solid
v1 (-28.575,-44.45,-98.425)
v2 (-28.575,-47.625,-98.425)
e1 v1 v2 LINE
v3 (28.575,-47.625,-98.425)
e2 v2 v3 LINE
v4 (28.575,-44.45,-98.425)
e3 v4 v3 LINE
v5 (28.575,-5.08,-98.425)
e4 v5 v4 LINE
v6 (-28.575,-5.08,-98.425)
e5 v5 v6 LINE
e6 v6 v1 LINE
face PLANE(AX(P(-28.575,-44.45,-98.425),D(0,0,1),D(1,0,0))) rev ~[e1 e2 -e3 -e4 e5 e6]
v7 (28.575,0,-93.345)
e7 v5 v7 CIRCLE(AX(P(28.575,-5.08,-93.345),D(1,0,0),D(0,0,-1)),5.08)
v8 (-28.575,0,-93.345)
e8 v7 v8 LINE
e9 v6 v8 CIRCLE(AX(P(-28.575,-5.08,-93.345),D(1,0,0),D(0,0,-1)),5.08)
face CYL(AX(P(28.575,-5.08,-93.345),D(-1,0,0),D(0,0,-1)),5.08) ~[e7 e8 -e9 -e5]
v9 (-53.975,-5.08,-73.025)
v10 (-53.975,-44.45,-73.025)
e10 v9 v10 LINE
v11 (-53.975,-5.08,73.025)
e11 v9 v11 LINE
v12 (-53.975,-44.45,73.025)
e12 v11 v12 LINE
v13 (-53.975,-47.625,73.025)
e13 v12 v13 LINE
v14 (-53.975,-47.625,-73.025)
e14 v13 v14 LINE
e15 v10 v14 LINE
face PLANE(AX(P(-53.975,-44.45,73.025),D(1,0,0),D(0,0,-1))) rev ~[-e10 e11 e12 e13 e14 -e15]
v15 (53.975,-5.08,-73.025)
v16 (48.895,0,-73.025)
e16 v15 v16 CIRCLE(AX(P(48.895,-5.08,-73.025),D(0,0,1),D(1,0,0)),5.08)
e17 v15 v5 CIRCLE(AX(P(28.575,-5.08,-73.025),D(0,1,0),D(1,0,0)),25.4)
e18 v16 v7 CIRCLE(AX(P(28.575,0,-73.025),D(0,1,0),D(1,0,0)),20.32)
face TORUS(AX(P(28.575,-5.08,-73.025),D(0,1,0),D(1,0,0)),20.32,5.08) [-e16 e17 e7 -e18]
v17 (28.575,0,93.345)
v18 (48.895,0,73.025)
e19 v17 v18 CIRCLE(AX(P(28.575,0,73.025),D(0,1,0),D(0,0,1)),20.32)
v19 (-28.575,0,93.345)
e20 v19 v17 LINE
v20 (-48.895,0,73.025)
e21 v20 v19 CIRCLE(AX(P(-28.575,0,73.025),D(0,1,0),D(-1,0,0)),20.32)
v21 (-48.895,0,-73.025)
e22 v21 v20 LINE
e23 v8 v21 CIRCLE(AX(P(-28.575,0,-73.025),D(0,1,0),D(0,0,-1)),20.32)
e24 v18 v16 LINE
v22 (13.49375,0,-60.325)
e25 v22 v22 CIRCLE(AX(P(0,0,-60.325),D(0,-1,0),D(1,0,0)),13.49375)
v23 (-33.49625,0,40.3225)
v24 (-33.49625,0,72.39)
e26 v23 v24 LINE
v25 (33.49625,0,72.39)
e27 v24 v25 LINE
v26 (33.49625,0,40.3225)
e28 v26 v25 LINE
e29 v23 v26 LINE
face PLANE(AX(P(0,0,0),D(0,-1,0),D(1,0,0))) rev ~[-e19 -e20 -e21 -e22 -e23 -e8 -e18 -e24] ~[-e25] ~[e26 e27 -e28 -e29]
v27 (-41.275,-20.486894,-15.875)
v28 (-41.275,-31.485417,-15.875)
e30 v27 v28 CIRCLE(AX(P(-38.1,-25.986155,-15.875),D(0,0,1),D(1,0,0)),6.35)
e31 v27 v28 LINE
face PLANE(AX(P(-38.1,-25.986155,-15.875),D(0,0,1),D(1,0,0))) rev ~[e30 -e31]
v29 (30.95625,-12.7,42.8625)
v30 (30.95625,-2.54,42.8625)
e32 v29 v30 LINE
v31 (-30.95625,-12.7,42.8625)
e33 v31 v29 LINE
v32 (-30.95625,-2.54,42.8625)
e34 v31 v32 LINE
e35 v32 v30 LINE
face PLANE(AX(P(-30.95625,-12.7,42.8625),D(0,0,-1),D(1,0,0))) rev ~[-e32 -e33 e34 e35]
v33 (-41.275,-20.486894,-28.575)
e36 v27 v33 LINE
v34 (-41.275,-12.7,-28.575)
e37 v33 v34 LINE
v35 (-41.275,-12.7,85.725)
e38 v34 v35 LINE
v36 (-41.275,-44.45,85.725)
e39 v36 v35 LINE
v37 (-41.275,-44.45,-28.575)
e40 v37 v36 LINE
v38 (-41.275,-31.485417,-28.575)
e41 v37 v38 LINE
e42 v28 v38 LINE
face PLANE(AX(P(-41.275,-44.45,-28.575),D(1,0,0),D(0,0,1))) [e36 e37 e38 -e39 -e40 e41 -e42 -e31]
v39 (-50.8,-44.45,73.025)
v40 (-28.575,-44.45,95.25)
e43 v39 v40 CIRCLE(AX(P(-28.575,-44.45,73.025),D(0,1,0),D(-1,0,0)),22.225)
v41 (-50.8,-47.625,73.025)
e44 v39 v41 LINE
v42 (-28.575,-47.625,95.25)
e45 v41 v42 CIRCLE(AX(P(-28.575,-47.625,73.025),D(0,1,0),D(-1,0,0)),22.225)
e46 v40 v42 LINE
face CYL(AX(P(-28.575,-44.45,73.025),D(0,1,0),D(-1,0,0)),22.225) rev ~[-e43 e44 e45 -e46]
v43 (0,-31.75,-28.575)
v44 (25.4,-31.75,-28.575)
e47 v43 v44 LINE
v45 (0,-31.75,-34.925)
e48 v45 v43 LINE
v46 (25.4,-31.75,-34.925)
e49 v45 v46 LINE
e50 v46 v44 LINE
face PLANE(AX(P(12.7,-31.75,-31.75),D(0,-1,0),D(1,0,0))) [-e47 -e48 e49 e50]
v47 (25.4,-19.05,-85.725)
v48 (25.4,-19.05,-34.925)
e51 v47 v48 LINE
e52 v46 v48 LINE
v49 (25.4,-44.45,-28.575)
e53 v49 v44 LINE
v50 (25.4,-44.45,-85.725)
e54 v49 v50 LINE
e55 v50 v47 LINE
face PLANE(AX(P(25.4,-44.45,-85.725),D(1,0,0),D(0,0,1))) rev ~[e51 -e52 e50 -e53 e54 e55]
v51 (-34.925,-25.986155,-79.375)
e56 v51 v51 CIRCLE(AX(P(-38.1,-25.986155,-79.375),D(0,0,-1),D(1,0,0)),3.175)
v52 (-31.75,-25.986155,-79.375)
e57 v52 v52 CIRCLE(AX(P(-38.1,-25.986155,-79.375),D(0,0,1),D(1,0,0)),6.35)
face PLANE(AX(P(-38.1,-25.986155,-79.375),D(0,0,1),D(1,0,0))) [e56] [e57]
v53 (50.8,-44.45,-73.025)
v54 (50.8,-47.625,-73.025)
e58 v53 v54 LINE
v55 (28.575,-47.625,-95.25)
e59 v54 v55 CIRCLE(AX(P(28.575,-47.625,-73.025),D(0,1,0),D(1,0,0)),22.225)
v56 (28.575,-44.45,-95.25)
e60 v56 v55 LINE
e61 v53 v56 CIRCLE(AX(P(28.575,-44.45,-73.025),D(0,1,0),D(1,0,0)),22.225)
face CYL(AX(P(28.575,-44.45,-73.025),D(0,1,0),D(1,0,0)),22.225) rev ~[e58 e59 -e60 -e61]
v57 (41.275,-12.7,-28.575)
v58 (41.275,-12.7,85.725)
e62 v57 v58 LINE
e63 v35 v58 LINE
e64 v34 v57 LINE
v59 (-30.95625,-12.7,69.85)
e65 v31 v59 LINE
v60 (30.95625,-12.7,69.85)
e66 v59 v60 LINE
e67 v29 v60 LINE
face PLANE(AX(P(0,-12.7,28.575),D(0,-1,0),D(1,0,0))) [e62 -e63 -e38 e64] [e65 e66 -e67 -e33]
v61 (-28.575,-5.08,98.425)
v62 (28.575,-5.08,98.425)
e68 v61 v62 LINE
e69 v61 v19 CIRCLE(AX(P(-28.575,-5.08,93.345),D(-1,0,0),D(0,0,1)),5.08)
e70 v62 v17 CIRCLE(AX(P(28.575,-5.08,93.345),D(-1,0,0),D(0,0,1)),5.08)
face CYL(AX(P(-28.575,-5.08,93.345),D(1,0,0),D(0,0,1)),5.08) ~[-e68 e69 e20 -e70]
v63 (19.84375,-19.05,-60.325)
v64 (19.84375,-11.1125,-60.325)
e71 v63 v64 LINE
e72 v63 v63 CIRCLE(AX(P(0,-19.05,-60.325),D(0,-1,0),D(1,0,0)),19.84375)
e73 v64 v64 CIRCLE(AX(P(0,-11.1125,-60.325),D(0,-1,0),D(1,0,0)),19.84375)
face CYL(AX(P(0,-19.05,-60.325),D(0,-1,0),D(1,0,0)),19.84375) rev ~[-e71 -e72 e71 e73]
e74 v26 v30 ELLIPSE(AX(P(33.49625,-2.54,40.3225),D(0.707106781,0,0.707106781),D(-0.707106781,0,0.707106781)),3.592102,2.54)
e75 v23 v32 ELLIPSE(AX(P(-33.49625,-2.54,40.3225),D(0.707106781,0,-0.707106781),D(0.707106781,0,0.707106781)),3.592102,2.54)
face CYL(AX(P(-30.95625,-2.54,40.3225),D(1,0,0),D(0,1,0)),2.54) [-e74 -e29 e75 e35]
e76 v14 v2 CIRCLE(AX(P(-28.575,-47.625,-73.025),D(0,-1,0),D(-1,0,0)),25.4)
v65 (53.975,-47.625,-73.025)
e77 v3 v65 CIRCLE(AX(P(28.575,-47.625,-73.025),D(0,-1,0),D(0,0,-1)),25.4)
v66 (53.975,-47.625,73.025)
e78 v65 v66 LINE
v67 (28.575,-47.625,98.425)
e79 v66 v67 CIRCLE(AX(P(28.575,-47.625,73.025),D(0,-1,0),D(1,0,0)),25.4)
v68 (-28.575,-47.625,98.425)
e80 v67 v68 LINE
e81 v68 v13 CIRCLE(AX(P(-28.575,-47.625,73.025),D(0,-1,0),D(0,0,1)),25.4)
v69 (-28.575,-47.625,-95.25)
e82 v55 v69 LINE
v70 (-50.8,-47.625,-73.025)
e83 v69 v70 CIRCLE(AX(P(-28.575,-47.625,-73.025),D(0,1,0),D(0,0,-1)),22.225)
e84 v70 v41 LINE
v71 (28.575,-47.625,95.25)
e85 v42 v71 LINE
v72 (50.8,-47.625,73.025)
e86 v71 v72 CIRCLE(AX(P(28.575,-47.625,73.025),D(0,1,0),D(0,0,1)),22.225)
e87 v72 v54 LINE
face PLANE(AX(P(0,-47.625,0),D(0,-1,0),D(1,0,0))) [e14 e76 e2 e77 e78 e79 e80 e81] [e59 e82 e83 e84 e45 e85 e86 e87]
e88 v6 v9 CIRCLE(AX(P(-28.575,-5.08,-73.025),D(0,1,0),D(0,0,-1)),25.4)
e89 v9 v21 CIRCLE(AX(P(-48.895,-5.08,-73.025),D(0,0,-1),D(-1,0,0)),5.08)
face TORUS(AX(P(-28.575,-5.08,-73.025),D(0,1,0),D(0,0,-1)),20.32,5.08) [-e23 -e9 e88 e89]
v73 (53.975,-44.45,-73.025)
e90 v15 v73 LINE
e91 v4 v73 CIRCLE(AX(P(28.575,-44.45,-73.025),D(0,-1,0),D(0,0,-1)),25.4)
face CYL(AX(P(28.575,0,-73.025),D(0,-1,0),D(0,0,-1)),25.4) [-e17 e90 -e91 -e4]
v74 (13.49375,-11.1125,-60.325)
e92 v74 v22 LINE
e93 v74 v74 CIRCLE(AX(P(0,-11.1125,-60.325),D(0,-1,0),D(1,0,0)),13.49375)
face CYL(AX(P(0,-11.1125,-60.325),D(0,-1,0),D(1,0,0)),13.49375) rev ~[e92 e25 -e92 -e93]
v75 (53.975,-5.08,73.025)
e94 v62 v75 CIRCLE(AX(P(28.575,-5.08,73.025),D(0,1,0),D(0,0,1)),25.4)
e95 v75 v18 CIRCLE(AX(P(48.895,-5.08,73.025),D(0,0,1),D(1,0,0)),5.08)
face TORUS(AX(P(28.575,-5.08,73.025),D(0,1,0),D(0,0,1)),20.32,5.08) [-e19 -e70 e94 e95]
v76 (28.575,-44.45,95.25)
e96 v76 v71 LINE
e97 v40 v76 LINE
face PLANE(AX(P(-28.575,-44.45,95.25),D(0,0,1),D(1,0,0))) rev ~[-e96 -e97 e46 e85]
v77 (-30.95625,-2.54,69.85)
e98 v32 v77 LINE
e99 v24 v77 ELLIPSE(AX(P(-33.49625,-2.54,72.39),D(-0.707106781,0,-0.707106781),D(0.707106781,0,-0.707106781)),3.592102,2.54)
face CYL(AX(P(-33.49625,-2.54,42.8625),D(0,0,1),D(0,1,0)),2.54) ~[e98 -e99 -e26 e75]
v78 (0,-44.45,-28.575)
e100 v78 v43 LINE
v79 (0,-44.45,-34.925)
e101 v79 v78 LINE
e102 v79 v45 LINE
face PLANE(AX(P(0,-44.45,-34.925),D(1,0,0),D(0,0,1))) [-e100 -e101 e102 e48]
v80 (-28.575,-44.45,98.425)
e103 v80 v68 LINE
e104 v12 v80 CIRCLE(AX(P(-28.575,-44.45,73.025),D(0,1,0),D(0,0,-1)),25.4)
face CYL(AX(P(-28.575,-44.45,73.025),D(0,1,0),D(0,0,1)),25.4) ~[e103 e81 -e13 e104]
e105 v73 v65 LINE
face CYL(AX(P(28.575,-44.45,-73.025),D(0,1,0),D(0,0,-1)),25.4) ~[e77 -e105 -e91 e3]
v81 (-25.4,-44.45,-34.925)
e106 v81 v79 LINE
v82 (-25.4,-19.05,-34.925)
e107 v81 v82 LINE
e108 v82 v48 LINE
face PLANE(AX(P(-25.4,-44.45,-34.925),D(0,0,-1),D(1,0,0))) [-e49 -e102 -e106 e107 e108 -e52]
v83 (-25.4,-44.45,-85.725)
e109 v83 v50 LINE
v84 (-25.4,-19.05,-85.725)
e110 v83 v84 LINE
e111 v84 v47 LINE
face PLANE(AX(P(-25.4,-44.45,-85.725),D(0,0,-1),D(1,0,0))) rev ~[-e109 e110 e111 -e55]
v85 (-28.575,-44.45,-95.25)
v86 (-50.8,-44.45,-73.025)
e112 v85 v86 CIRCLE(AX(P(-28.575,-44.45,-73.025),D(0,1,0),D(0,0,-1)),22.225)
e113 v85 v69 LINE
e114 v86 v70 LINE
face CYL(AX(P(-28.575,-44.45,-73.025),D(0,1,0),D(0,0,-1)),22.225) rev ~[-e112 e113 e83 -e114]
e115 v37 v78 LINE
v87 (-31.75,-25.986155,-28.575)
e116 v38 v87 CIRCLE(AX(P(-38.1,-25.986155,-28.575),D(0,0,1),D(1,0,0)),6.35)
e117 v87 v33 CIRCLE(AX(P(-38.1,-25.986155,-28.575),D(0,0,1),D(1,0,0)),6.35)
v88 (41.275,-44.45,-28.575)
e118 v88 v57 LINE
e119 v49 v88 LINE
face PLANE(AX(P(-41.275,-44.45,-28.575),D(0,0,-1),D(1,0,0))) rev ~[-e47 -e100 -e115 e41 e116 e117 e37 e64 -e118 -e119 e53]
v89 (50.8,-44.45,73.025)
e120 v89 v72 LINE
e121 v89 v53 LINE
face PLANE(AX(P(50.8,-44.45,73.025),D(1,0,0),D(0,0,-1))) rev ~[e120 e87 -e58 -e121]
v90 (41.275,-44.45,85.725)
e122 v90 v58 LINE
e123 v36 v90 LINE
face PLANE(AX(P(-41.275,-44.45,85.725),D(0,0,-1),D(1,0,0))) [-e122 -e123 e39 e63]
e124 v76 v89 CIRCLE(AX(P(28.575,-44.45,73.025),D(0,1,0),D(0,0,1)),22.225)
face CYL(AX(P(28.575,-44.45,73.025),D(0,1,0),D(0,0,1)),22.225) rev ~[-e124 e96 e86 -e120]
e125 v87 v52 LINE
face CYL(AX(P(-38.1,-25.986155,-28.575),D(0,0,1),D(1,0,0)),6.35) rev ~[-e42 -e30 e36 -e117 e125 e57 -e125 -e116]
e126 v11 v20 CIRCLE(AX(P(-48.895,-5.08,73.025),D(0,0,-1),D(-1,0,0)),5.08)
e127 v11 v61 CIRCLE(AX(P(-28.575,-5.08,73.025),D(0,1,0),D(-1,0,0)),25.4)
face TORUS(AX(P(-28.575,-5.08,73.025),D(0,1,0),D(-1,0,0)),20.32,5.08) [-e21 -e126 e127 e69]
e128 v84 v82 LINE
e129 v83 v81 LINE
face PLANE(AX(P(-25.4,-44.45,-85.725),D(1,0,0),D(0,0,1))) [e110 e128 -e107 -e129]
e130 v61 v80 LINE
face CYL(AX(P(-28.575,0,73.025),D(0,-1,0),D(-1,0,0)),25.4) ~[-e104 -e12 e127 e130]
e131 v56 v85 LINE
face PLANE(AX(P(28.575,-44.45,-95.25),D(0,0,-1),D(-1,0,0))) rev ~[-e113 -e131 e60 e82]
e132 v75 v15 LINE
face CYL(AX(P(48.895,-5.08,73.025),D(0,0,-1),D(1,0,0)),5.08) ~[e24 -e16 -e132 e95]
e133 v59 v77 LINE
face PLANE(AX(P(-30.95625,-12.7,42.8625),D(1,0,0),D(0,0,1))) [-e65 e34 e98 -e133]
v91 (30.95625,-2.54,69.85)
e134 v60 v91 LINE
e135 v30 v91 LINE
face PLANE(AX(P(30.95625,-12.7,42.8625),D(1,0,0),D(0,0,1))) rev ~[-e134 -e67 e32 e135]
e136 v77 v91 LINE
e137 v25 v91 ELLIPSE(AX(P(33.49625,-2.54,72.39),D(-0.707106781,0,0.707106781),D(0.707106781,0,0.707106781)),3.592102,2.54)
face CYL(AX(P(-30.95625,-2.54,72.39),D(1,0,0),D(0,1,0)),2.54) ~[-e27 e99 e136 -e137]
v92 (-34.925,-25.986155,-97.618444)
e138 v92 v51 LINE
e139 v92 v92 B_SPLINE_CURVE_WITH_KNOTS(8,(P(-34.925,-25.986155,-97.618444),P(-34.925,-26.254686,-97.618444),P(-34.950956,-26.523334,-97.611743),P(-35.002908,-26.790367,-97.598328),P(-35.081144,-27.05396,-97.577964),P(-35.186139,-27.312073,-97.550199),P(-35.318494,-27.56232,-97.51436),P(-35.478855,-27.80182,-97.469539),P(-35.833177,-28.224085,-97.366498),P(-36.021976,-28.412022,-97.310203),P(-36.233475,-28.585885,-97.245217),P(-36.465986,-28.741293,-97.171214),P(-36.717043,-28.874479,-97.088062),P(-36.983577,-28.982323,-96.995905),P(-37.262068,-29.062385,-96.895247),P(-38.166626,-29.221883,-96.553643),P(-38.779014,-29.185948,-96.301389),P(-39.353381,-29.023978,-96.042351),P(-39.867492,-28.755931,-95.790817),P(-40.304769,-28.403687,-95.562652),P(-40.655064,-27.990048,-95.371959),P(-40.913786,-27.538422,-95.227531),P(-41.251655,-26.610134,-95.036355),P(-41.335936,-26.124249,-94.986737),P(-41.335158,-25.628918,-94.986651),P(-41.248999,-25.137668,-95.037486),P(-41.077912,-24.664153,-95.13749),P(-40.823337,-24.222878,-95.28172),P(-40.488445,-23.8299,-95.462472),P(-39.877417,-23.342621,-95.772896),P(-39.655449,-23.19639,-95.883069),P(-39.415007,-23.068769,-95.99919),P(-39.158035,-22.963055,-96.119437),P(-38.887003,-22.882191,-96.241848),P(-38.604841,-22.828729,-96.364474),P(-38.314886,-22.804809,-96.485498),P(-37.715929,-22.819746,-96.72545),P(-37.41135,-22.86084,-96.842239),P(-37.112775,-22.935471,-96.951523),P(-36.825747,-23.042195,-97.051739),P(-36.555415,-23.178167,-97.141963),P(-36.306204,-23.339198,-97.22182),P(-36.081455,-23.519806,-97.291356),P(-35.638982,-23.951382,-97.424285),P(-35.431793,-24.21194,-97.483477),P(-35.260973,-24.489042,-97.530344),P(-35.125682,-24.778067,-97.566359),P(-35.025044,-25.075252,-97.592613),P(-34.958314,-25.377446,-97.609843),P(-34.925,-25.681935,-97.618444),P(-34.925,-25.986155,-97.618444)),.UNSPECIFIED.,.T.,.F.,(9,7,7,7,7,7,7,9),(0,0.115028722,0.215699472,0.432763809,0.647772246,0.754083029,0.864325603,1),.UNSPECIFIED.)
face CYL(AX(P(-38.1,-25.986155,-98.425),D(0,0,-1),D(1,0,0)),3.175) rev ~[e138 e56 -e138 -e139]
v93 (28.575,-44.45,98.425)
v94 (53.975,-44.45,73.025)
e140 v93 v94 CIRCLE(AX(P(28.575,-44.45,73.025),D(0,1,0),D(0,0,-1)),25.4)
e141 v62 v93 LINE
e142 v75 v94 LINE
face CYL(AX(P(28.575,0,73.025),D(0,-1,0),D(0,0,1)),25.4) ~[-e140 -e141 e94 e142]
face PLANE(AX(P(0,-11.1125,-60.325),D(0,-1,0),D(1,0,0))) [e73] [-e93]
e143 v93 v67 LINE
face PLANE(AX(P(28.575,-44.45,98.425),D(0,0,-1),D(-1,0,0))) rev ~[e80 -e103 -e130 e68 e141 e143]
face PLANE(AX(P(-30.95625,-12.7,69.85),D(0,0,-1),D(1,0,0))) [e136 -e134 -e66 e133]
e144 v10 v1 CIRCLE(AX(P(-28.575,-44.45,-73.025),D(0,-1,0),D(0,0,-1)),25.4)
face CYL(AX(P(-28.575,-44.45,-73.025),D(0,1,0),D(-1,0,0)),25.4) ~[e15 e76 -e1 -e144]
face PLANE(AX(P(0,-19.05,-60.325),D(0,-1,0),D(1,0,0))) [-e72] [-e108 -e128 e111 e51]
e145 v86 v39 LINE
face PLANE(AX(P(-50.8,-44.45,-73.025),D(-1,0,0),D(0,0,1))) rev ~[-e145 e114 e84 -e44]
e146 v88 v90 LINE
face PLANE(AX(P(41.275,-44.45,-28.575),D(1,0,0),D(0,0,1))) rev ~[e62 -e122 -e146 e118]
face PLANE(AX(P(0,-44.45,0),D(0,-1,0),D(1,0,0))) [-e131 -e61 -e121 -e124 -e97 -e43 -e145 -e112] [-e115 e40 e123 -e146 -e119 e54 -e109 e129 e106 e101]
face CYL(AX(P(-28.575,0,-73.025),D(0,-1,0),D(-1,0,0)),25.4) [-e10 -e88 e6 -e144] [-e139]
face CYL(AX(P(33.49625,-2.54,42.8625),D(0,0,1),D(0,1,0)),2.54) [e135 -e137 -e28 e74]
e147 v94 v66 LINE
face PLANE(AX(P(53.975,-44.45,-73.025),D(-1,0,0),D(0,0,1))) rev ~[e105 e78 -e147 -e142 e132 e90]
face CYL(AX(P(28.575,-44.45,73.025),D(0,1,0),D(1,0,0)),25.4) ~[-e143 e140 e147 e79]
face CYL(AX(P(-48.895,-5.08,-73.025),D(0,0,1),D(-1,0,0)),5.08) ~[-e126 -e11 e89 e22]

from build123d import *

# Parameters (mm, degrees)
F0_W      = 107.95
F0_H      = 196.85
F1_DEPTH  = 44.45
F2_W      = 82.55
F2_H      = 114.3
F3_DEPTH  = 31.75
F4_W      = 61.9125
F4_H      = 26.9875
F5_DEPTH  = 25.4
F6_W      = 50.8
F6_H      = 50.8
F7_DEPTH  = 25.4
F8_R      = 19.84375
F9_DEPTH  = 7.9375
F10_R     = 13.49375
F11_DEPTH = 25.4
F12_R     = 25.4
F13_R     = 5.08
F14_R     = 2.54
F16_DEPTH = 3.175
F17_R     = 3.175
F18_DEPTH = 76.2
F19_R     = 6.35
F20_DEPTH = 50.8
F21_DEPTH = 12.7
F22_W     = 25.4
F22_H     = 6.35
F23_DEPTH = 12.7


with BuildPart() as f1:
    # F0 (on Front) → F1 (new body)
    with BuildSketch(Plane.XZ):
        Rectangle(F0_W, F0_H)
    extrude(amount=F1_DEPTH)

    # F2 (on face) → F3 (cut)
    with BuildSketch(Plane.XZ.offset(44.45)):
        with Locations((0, 28.575)):
            Rectangle(F2_W, F2_H)
    extrude(amount=-F3_DEPTH, mode=Mode.SUBTRACT)

    # F4 (on face) → F5 (cut)
    with BuildSketch(Plane.XZ.offset(12.7)):
        with Locations((0, 56.35625)):
            Rectangle(F4_W, F4_H)
    extrude(amount=-F5_DEPTH, mode=Mode.SUBTRACT)

    # F6 (on face) → F7 (cut)
    with BuildSketch(Plane.XZ.offset(44.45)):
        with Locations((0, -60.325)):
            Rectangle(F6_W, F6_H)
    extrude(amount=-F7_DEPTH, mode=Mode.SUBTRACT)

    # F8 (on face) → F9 (cut)
    with BuildSketch(Plane.XZ.offset(19.05)):
        with Locations((0, -60.325)):
            Circle(F8_R)
    extrude(amount=-F9_DEPTH, mode=Mode.SUBTRACT)

    # F10 (on face) → F11 (cut)
    with BuildSketch(Plane.XZ.offset(11.1125)):
        with Locations((0, -60.325)):
            Circle(F10_R)
    extrude(amount=-F11_DEPTH, mode=Mode.SUBTRACT)

    # F12
    f12_edges = [f1.edges().sort_by_distance(p)[0] for p in [
        (53.975, -22.225, 98.425),
        (53.975, -22.225, -98.425),
        (-53.975, -22.225, -98.425),
        (-53.975, -22.225, 98.425),
    ]]
    fillet(f12_edges, radius=F12_R)

    # F13
    f13_edges = [f1.edges().sort_by_distance(p)[0] for p in [
        (-53.975, 0, 0),
        (-46.535512, 0, -90.985512),
        (0, 0, -98.425),
    ]]
    fillet(f13_edges, radius=F13_R)

    # F14
    f14_edges = [f1.edges().sort_by_distance(p)[0] for p in [
        (0, 0, 69.85),
        (30.95625, 0, 56.35625),
        (0, 0, 42.8625),
        (-30.95625, 0, 56.35625),
    ]]
    fillet(f14_edges, radius=F14_R)

    # F15 (on face) → F16 (join)
    with BuildSketch(Plane.XZ.offset(44.45)):
        with BuildLine():
            ThreePointArc((53.975, 73.025), (46.5355122421, 90.9855122421), (28.575, 98.425))
            Line((28.575, 98.425), (-28.575, 98.425))
            ThreePointArc((-28.575, 98.425), (-46.5355122421, 90.9855122421), (-53.975, 73.025))
            Line((-53.975, 73.025), (-53.975, -73.025))
            ThreePointArc((-53.975, -73.025), (-46.5355122421, -90.9855122421), (-28.575, -98.425))
            Line((-28.575, -98.425), (28.575, -98.425))
            ThreePointArc((28.575, -98.425), (46.5355122421, -90.9855122421), (53.975, -73.025))
            Line((53.975, -73.025), (53.975, 73.025))
        make_face()
        with BuildLine():
            ThreePointArc((28.575, 95.25), (44.2904482119, 88.7404482119), (50.8, 73.025))
            Line((50.8, 73.025), (50.8, -73.025))
            ThreePointArc((50.8, -73.025), (44.2904482119, -88.7404482119), (28.575, -95.25))
            Line((28.575, -95.25), (-28.575, -95.25))
            ThreePointArc((-28.575, -95.25), (-44.2904482119, -88.7404482119), (-50.8, -73.025))
            Line((-50.8, -73.025), (-50.8, 73.025))
            ThreePointArc((-50.8, 73.025), (-44.2904482119, 88.7404482119), (-28.575, 95.25))
            Line((-28.575, 95.25), (28.575, 95.25))
        make_face(mode=Mode.SUBTRACT)
    extrude(amount=F16_DEPTH)

    # F17 (on face) → F18 (cut)
    with BuildSketch(Plane(origin=(0, 0, -98.425), x_dir=(1, 0, 0), z_dir=(0, 0, -1))):
        with Locations((-38.1, 25.986155495)):
            Circle(F17_R)
    extrude(amount=-F18_DEPTH, mode=Mode.SUBTRACT)

    # F19 (on face) → F20 (cut)
    with BuildSketch(Plane.XY.offset(-28.575)):
        with Locations((-38.1, -25.986155495)):
            Circle(F19_R)
    extrude(amount=-F20_DEPTH, mode=Mode.SUBTRACT)

    # F19 (on face) → F21 (cut)
    with BuildSketch(Plane.XY.offset(-28.575)):
        with Locations((-38.1, -25.986155495)):
            Circle(F19_R)
    extrude(amount=F21_DEPTH, mode=Mode.SUBTRACT)

    # F22 (on face) → F23 (cut)
    with BuildSketch(Plane.XZ.offset(44.45)):
        with Locations((12.7, -31.75)):
            Rectangle(F22_W, F22_H)
    extrude(amount=-F23_DEPTH, mode=Mode.SUBTRACT)


solid = f1.part
